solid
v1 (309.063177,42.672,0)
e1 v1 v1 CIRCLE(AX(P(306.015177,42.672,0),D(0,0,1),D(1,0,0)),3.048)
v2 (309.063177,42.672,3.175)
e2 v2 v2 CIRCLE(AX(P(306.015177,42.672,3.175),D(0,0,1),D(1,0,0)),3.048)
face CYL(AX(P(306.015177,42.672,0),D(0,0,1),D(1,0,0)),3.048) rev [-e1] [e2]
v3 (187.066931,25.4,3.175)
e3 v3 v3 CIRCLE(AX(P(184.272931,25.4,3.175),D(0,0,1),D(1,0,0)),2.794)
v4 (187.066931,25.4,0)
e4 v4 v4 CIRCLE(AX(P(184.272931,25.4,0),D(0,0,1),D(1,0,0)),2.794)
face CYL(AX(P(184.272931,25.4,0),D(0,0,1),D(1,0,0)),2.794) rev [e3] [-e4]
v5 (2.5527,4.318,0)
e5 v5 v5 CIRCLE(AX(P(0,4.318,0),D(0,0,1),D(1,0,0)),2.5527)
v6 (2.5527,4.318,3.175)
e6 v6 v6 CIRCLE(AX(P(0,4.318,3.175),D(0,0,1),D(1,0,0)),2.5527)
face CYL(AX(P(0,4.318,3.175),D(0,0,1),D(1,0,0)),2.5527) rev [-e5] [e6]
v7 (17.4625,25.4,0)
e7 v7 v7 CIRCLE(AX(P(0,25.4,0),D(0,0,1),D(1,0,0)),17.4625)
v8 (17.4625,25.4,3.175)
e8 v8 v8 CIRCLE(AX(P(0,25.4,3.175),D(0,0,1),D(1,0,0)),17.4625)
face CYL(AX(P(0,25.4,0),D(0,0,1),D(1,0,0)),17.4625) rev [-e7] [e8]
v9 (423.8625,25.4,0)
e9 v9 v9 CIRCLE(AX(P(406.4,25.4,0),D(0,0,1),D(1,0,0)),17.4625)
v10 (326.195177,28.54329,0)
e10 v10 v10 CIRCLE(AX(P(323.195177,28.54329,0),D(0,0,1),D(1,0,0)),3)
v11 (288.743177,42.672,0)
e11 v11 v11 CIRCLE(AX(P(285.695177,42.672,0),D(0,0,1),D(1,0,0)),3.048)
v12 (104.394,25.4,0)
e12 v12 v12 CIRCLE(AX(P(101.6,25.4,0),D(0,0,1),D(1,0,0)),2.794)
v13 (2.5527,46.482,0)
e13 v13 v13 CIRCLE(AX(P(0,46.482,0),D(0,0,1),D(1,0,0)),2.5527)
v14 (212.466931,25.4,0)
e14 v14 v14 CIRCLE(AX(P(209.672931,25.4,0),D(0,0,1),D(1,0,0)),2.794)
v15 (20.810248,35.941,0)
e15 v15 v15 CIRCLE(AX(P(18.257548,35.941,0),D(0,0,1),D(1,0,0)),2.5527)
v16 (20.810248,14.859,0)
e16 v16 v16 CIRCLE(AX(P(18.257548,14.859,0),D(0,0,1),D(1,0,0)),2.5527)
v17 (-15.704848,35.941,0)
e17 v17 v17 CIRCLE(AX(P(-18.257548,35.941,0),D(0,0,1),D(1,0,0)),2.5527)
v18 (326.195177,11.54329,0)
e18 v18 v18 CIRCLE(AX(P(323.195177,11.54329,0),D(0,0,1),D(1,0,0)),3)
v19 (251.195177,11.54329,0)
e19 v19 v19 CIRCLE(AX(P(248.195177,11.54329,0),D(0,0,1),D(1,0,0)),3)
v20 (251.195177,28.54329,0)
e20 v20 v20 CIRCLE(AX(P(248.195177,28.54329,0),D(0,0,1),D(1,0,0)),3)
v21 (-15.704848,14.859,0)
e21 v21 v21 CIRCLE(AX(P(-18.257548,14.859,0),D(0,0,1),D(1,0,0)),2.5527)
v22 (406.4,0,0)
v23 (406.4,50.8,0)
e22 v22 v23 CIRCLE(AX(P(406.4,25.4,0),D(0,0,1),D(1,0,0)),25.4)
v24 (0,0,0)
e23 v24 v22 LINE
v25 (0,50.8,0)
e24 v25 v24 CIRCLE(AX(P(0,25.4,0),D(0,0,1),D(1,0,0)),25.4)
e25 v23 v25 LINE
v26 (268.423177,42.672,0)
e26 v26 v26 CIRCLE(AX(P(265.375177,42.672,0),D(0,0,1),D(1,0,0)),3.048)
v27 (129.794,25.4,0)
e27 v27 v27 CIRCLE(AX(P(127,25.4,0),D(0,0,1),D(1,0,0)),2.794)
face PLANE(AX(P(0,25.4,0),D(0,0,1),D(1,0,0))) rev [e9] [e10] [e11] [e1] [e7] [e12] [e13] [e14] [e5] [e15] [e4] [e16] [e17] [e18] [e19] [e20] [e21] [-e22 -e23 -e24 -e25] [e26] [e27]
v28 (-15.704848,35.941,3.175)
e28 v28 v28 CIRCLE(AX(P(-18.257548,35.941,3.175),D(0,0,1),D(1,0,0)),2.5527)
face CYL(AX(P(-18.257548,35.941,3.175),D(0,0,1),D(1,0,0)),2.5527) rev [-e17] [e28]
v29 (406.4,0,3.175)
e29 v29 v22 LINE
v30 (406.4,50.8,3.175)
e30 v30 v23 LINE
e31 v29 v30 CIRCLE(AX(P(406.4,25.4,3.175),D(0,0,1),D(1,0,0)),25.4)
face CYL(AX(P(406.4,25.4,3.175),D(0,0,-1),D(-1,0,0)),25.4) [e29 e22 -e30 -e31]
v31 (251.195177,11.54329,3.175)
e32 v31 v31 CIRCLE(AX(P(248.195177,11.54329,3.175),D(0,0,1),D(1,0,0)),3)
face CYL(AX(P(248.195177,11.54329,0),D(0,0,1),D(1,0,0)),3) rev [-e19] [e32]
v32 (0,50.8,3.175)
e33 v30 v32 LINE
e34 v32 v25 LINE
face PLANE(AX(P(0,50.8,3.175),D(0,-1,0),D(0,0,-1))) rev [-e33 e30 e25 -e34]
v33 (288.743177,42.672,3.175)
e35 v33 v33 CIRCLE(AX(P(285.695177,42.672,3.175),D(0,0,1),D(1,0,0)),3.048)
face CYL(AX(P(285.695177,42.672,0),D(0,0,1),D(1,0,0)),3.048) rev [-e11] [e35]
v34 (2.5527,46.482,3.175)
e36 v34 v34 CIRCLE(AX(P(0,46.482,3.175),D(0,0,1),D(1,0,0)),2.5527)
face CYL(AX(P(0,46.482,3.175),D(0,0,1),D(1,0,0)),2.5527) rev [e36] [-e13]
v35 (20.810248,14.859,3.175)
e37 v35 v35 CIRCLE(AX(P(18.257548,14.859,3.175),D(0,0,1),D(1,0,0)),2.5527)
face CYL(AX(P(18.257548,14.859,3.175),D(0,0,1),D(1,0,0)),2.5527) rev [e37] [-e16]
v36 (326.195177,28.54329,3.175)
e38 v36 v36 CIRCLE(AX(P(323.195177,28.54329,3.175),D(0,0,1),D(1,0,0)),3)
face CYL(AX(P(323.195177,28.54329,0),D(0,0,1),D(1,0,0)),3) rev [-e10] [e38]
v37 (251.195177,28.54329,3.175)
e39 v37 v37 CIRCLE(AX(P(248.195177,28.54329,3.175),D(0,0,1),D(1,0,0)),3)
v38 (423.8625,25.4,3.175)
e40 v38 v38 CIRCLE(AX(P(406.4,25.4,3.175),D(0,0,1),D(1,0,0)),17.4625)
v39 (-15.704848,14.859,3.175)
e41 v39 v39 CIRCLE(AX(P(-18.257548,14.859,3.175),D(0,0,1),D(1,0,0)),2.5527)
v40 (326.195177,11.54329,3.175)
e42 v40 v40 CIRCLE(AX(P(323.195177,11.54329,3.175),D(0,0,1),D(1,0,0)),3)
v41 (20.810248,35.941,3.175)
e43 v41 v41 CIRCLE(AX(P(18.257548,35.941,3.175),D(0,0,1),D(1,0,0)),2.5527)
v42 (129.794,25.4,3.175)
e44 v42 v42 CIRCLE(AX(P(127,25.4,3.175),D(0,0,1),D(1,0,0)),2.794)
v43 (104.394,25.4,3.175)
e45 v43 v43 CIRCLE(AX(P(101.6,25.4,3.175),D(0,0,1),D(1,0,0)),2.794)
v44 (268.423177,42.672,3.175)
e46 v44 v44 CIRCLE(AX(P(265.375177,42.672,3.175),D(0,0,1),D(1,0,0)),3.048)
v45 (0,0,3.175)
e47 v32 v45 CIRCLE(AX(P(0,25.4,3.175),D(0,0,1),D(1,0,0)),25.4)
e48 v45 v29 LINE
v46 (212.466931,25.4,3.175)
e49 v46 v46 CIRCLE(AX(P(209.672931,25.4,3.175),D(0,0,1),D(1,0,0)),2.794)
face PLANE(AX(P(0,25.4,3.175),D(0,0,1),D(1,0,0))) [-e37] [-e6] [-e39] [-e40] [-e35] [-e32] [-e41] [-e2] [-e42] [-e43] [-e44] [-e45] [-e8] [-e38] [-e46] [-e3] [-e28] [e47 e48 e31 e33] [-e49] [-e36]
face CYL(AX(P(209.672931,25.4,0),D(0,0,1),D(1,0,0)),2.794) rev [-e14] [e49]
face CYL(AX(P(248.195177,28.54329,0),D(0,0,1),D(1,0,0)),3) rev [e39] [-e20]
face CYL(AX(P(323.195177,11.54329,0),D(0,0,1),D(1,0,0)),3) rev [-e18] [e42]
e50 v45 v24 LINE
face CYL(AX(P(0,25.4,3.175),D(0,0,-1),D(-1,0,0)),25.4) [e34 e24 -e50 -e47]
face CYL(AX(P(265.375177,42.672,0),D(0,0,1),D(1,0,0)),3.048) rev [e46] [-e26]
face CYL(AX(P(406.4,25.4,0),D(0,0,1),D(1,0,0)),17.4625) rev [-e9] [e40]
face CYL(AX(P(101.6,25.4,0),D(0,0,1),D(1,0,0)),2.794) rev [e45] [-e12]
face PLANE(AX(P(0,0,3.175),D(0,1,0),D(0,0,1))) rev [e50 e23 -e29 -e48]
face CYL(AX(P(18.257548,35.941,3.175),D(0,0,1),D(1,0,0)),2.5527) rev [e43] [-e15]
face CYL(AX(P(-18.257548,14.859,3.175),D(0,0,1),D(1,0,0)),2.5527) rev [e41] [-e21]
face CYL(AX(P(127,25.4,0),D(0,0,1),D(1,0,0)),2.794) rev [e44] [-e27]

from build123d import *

# Parameters (mm, degrees)
BOSS_EXTRUDE1_DEPTH    = 3.175
SKETCH2_R              = 17.4625
CUT_EXTRUDE1_DEPTH     = 435.789559011
F_10_CLEARANCE_HOLE1_D = 5.1054
SKETCH4_R              = 2.794
CUT_EXTRUDE2_DEPTH     = 435.789559011
SKETCH7_R              = 3.048
CUT_EXTRUDE3_DEPTH     = 435.789559011
SKETCH8_R              = 3
CUT_EXTRUDE4_DEPTH     = 435.789559011


with BuildPart() as part:
    # Sketch1 → Boss-Extrude1 (new body)
    with BuildSketch(Plane.XY):
        with BuildLine():
            Line((0, 0), (406.4, 0))
            ThreePointArc((406.4, 0), (431.8, 25.4), (406.4, 50.8))
            Line((406.4, 50.8), (0, 50.8))
            ThreePointArc((0, 50.8), (-25.4, 25.4), (0, 0))
        make_face()
    extrude(amount=BOSS_EXTRUDE1_DEPTH)

    # Sketch2 → Cut-Extrude1 (cut, through all)
    with BuildSketch(Plane.XY.offset(3.175)):
        with Locations((0, 25.4)):
            Circle(SKETCH2_R)
        with Locations((406.4, 25.4)):
            Circle(SKETCH2_R)
    extrude(amount=-CUT_EXTRUDE1_DEPTH, mode=Mode.SUBTRACT)

    # #10 Clearance Hole1 (through all)
    with Locations(Plane(origin=(18.257547563, 35.941, 3.175), x_dir=(1, 0, 0), z_dir=(0, 0, 1))):
        with Locations((0, 0), (0, -21.082), (-18.257547563, -31.623), (-36.515095126, -21.082), (-36.515095126, 0), (-18.257547563, 10.541)):
            Hole(F_10_CLEARANCE_HOLE1_D / 2)

    # Sketch4 → Cut-Extrude2 (cut, through all)
    with BuildSketch(Plane.XY.offset(3.175)):
        with Locations((101.6, 25.4)):
            Circle(SKETCH4_R)
        with Locations((127, 25.4)):
            Circle(SKETCH4_R)
        with Locations((184.272931293, 25.4)):
            Circle(SKETCH4_R)
        with Locations((209.672931293, 25.4)):
            Circle(SKETCH4_R)
    extrude(amount=-CUT_EXTRUDE2_DEPTH, mode=Mode.SUBTRACT)

    # Sketch7 → Cut-Extrude3 (cut, through all)
    with BuildSketch(Plane.XY.offset(3.175)):
        with Locations((306.015176825, 42.672)):
            Circle(SKETCH7_R)
        with Locations((285.695176825, 42.672)):
            Circle(SKETCH7_R)
        with Locations((265.375176825, 42.672)):
            Circle(SKETCH7_R)
    extrude(amount=-CUT_EXTRUDE3_DEPTH, mode=Mode.SUBTRACT)

    # Sketch8 → Cut-Extrude4 (cut, through all)
    with BuildSketch(Plane.XY.offset(3.175)):
        with Locations((323.195176825, 11.543289628)):
            Circle(SKETCH8_R)
        with Locations((323.195176825, 28.543289628)):
            Circle(SKETCH8_R)
        with Locations((248.195176825, 11.543289628)):
            Circle(SKETCH8_R)
        with Locations((248.195176825, 28.543289628)):
            Circle(SKETCH8_R)
    extrude(amount=-CUT_EXTRUDE4_DEPTH, mode=Mode.SUBTRACT)


solid = part.part
